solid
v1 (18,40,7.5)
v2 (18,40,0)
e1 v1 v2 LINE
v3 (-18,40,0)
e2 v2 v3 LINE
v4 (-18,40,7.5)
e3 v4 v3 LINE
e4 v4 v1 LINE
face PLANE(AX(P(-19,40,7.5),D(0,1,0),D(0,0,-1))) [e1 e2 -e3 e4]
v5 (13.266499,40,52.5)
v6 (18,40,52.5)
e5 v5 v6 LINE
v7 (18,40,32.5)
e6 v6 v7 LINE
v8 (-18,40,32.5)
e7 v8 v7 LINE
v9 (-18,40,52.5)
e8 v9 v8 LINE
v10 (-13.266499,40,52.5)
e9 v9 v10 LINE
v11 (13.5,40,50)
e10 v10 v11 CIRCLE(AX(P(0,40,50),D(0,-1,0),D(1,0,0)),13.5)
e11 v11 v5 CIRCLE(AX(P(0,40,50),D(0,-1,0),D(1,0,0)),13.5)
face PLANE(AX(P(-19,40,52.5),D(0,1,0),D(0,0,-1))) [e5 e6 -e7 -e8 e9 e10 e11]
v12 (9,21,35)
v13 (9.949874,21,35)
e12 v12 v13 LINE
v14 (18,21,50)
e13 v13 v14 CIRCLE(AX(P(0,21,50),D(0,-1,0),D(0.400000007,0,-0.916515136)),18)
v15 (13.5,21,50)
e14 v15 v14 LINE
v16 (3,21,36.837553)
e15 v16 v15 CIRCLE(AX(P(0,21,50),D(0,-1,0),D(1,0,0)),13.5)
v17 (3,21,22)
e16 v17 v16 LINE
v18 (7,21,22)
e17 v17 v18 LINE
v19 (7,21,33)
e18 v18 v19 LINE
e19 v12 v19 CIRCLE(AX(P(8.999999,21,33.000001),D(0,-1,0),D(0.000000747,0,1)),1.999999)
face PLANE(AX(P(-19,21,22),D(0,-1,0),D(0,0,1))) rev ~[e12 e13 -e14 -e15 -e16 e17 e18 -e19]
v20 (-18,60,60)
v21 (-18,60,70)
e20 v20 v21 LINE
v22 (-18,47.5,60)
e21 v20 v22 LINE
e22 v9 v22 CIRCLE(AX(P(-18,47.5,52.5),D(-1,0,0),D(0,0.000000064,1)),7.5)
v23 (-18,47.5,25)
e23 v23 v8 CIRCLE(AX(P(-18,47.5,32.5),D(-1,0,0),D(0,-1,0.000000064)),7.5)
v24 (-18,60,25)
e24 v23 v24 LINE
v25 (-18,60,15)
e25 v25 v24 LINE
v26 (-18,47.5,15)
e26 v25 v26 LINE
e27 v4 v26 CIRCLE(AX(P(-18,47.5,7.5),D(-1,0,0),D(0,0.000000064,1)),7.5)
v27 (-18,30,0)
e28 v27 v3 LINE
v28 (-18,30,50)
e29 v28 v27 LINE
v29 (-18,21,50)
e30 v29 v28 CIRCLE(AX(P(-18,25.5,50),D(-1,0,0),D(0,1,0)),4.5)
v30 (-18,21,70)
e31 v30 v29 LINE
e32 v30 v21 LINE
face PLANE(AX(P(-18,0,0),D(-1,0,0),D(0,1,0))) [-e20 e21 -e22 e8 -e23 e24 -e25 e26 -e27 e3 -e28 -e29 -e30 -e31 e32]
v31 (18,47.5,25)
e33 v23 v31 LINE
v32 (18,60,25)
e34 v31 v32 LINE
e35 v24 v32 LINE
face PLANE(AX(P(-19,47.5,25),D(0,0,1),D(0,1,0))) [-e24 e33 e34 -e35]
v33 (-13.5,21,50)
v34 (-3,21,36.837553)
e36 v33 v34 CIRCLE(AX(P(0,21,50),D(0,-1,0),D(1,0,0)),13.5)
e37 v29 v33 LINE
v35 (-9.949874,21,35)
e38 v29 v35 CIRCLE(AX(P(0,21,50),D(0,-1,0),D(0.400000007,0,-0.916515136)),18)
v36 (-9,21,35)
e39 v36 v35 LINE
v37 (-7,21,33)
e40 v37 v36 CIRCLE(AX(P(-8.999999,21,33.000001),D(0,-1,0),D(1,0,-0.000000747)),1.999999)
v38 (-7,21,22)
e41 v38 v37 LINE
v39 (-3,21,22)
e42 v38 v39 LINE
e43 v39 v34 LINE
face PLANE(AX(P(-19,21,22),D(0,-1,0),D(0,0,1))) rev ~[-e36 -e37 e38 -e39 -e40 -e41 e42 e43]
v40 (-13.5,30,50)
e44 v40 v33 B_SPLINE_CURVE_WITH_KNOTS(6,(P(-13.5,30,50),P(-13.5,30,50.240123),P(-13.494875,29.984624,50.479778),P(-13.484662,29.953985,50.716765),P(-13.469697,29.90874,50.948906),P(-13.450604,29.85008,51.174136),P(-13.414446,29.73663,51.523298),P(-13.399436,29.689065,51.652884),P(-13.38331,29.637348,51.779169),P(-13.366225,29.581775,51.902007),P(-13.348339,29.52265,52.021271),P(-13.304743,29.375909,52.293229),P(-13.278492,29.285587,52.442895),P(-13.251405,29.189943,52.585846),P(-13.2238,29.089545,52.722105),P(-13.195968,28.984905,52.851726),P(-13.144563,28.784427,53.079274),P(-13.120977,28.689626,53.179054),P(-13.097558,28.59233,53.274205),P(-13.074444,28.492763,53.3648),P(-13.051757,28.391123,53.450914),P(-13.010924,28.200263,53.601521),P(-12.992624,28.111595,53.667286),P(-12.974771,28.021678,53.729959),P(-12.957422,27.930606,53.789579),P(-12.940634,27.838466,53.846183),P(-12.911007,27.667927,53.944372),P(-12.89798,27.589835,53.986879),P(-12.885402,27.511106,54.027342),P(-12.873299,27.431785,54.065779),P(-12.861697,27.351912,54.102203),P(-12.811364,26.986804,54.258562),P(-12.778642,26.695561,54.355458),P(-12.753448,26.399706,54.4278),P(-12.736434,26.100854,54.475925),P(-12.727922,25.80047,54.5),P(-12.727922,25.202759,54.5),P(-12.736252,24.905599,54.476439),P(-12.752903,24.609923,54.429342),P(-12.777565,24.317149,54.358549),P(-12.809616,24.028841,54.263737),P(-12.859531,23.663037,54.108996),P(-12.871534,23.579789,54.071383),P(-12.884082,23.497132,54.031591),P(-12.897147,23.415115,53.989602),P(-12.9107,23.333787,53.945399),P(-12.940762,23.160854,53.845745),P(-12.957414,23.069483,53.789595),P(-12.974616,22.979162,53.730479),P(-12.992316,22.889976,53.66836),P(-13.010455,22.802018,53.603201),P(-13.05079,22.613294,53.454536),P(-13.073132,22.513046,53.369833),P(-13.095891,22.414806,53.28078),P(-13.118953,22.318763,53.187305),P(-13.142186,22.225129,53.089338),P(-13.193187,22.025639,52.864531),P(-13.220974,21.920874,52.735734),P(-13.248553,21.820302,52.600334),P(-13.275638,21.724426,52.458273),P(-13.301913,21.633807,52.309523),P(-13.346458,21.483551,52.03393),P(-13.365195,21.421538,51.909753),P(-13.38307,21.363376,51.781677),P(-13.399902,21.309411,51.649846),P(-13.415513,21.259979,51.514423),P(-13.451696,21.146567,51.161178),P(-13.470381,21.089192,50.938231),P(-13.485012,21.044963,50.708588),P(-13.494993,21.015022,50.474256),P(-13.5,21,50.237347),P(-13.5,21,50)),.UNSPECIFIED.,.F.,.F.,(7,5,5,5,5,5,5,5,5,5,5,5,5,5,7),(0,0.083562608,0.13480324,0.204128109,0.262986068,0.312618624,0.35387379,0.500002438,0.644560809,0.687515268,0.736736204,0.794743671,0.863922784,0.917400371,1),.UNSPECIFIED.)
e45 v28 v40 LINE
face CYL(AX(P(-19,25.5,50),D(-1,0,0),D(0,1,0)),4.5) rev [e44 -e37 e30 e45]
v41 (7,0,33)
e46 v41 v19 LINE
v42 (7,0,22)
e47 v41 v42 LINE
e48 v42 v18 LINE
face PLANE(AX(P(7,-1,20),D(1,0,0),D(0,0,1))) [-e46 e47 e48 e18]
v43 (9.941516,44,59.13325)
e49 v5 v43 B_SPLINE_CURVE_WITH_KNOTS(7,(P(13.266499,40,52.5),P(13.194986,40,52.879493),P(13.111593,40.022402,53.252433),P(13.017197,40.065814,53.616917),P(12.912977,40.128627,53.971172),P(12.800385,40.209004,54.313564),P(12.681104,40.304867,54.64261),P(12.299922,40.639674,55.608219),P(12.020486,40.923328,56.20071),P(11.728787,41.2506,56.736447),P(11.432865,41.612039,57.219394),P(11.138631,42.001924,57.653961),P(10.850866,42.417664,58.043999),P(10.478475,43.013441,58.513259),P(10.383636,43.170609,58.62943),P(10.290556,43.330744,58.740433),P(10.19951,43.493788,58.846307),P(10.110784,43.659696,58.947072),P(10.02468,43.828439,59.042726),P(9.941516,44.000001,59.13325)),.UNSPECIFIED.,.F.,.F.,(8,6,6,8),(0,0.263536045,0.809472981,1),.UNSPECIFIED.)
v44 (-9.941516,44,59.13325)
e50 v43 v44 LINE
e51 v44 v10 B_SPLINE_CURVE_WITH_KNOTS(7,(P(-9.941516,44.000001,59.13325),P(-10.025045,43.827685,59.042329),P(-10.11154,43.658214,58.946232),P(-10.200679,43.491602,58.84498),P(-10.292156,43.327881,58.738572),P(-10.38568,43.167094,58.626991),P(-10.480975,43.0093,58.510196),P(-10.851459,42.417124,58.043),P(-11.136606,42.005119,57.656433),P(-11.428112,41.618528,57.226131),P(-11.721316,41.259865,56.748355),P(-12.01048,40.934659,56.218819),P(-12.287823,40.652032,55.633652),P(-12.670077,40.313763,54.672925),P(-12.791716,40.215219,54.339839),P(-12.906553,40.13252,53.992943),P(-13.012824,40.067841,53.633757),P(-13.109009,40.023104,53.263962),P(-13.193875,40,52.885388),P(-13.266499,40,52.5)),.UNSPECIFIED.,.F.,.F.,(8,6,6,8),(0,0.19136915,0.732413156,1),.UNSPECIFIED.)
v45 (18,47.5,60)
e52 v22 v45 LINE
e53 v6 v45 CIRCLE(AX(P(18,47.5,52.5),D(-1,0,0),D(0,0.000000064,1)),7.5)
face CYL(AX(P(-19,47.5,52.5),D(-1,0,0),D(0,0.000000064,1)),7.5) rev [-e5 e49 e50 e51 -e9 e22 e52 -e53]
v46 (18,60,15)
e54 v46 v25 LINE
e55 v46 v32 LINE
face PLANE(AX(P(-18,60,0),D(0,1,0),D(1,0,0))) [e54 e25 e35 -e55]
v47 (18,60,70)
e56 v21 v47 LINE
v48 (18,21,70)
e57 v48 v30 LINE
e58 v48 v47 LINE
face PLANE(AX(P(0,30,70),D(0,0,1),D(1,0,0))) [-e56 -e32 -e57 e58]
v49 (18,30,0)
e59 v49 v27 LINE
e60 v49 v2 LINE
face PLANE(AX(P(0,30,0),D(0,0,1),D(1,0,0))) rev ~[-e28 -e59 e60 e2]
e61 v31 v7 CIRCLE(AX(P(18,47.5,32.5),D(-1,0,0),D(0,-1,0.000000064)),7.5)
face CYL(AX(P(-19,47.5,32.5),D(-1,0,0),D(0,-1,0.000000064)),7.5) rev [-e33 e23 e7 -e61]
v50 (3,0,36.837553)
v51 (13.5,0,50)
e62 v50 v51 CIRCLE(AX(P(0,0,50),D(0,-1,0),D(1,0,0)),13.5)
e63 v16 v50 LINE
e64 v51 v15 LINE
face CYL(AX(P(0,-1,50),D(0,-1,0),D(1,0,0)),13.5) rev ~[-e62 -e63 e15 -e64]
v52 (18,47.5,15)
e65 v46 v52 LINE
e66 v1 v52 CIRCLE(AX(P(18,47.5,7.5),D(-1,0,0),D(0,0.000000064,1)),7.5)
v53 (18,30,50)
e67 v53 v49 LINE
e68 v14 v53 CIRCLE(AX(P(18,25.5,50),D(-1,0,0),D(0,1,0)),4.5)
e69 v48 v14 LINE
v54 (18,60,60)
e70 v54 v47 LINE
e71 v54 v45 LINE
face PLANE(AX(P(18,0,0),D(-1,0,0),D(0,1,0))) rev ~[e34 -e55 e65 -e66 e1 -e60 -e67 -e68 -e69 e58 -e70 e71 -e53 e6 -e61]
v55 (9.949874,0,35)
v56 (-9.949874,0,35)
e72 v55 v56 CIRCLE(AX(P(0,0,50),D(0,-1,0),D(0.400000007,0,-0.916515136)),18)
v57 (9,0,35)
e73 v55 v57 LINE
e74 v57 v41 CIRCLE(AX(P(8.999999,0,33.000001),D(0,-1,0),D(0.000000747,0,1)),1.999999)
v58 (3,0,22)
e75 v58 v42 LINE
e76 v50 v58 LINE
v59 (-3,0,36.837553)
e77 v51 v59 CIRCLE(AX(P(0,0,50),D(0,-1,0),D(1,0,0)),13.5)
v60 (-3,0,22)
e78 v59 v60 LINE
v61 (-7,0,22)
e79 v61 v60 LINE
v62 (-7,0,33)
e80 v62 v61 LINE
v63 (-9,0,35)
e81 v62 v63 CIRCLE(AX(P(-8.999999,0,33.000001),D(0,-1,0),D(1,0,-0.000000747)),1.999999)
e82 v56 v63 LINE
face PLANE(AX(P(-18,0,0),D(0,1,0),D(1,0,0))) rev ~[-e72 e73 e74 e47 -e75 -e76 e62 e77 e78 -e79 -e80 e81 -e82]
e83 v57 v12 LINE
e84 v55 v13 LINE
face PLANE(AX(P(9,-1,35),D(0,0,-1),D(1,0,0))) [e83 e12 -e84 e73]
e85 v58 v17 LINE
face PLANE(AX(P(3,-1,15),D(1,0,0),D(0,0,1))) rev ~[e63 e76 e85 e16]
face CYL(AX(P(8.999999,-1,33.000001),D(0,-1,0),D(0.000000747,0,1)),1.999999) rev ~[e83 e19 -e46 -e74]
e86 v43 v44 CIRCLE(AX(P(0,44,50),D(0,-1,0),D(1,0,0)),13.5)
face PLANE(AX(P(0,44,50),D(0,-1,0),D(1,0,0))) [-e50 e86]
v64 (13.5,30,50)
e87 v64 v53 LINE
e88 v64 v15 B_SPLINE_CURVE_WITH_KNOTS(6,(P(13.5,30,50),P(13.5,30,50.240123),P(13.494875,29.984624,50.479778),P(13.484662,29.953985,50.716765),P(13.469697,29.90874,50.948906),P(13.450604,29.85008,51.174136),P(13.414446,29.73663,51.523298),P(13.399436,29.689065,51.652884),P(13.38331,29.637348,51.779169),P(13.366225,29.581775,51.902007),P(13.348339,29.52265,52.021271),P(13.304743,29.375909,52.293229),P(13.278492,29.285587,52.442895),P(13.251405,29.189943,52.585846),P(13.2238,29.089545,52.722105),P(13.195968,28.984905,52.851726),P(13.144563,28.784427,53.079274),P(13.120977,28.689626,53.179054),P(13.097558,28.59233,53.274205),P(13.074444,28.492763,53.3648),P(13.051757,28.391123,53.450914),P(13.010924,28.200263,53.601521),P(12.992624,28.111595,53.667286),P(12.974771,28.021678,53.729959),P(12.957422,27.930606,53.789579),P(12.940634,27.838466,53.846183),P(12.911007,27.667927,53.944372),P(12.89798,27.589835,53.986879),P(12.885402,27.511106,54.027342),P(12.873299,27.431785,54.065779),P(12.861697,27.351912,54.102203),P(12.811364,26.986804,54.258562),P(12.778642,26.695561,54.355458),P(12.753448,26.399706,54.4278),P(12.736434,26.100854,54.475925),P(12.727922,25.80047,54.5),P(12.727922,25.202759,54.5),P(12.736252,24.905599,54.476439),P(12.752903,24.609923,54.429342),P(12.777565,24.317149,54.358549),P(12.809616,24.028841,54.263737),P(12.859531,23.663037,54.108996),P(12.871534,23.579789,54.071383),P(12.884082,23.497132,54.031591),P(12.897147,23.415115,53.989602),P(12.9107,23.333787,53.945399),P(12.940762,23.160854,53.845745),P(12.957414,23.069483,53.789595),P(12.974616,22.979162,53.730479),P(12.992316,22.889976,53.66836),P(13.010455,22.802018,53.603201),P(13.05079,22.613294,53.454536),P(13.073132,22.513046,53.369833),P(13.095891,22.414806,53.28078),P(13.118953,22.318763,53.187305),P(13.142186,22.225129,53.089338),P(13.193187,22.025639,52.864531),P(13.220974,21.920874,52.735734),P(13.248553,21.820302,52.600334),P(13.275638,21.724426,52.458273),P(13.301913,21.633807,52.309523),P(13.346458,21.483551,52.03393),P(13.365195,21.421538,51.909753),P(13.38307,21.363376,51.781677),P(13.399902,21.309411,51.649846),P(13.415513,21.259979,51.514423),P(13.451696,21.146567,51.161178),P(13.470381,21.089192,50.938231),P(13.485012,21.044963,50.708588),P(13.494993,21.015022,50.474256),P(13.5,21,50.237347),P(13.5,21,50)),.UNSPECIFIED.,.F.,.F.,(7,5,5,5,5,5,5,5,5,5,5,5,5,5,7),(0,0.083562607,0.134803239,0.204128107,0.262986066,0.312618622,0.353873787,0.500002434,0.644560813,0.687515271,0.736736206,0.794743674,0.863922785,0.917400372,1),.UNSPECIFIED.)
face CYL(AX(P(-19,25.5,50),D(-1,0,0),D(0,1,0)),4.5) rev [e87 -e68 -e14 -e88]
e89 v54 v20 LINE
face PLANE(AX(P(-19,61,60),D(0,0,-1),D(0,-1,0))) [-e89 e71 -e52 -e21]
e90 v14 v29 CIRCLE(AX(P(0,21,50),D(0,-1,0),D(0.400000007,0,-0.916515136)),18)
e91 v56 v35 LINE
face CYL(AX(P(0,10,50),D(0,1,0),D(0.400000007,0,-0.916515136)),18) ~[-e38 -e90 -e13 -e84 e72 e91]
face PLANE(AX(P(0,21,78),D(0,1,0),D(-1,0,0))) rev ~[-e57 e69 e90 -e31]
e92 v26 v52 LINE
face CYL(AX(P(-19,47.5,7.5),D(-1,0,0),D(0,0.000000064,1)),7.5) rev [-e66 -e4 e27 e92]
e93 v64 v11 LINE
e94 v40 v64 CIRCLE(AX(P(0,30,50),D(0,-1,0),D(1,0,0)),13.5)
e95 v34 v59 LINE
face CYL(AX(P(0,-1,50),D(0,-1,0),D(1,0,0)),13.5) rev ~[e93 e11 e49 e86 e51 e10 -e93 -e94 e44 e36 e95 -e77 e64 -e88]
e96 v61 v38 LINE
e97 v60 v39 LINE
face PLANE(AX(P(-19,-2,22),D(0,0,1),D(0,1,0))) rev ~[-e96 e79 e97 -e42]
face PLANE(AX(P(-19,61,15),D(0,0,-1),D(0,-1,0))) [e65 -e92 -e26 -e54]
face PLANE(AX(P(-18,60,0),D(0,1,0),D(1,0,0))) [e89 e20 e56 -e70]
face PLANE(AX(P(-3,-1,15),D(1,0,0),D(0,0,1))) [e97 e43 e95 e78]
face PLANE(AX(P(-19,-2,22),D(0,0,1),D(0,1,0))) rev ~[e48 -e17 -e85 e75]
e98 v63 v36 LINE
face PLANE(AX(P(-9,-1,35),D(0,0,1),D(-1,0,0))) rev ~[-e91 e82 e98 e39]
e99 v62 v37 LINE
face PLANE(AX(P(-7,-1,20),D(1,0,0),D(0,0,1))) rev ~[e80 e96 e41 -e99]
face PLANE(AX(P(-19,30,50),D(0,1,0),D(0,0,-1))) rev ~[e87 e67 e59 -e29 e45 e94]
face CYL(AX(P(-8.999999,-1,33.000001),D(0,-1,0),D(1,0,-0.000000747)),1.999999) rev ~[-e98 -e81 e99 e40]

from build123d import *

# Parameters (mm, degrees)
SKETCH017_AS_DRAWN_W                 = 6
SKETCH017_AS_DRAWN_H                 = 25
EXTRUDE002_DEPTH                     = 30
EXTRUDE002_ONTO_SKETCH017_ROLL_ANGLE = 90
SKETCH016_AS_DRAWN_R                 = 13.5
EXTRUDE001_DEPTH                     = 45
EXTRUDE001_ONTO_SKETCH016_ROLL_ANGLE = 90
EXTRUDE_DEPTH                        = 38
SKETCH014_W                          = 22
SKETCH014_H                          = 20
BOX_W                                = 36
BOX_H                                = 60
BOX_DEPTH                            = 70


with BuildPart() as arc_ext:
    # Sketch017 as drawn → Extrude002 (new)
    with BuildSketch(Plane.XY):
        with BuildLine():
            Line((9, 35), (20, 35))
            Line((20, 35), (20, 20))
            Line((20, 20), (7, 20))
            Line((7, 20), (7, 33))
            ThreePointArc((9, 35), (7.585786, 34.414214), (7, 33))
        make_face()
        with BuildLine():
            Line((-9, 35), (-20, 35))
            Line((-20, 35), (-20, 20))
            Line((-20, 20), (-7, 20))
            Line((-7, 20), (-7, 33))
            ThreePointArc((-7, 33), (-7.585786, 34.414214), (-9, 35))
        make_face()
        with Locations((0, 27.5)):
            Rectangle(SKETCH017_AS_DRAWN_W, SKETCH017_AS_DRAWN_H)
    extrude(amount=-EXTRUDE002_DEPTH)


with BuildPart() as arc_ext_1:
    # Extrude002 onto Sketch017 roll: moved
    add(arc_ext.part.rotate(Axis((0, 0, 0), (1, 0, 0)), EXTRUDE002_ONTO_SKETCH017_ROLL_ANGLE))


with BuildPart() as arc_ext_2:
    # Extrude002 onto Sketch017 placement: moved
    add(arc_ext_1.part)


with BuildPart() as arc_ext_3:
    # Extrude002 placement: moved
    add(arc_ext_2.part.moved(Location((0, -1, 0))))


with BuildPart() as fusion:
    # Sketch016 as drawn → Extrude001 (new)
    with BuildSketch(Plane.XY):
        with Locations((0, 50)):
            Circle(SKETCH016_AS_DRAWN_R)
    extrude(amount=-EXTRUDE001_DEPTH)


with BuildPart() as fusion_1:
    # Extrude001 onto Sketch016 roll: moved
    add(fusion.part.rotate(Axis((0, 0, 0), (1, 0, 0)), EXTRUDE001_ONTO_SKETCH016_ROLL_ANGLE))


with BuildPart() as fusion_2:
    # Extrude001 onto Sketch016 placement: moved
    add(fusion_1.part)


with BuildPart() as fusion_3:
    # Extrude001 placement: moved
    add(fusion_2.part.moved(Location((0, -1, 0))))

    # Fusion: union arc-ext
    add(arc_ext_3.part)


with BuildPart() as extrude_body:
    # Sketch → Extrude (new body)
    with BuildSketch(Plane.YZ):
        with BuildLine():
            Line((61, 60), (47.5, 60))
            ThreePointArc((47.5, 60), (42.196699, 57.803301), (40, 52.5))
            Line((40, 52.5), (40, 32.5))
            ThreePointArc((40, 32.5), (42.196699, 27.196699), (47.5, 25))
            Line((47.5, 25), (61, 25))
            Line((61, 25), (61, 60))
        make_face()
        with BuildLine():
            Line((61, 15), (47.5, 15))
            ThreePointArc((47.5, 15), (42.196699, 12.803301), (40, 7.5))
            Line((40, 7.5), (40, -2))
            Line((40, -2), (61, -2))
            Line((61, -2), (61, 15))
        make_face()
        with BuildLine():
            Line((30, 50), (30, -2))
            Line((30, -2), (-2, -2))
            Line((-2, -2), (-2, 22))
            Line((-2, 22), (21, 22))
            Line((21, 22), (21, 50))
            ThreePointArc((30, 50), (25.5, 54.5), (21, 50))
        make_face()
    extrude(amount=EXTRUDE_DEPTH)


with BuildPart() as extrude_body_1:
    # Extrude placement: moved
    add(extrude_body.part.moved(Location((-19, 0, 0))))


with BuildPart() as sweep_body:
    # Sweep: sweep along a path in Sketch015
    with BuildLine(Plane.XZ) as sweep_path:
        ThreePointArc((4, 40.834849), (0, 60), (-4, 40.834849))
    # Sketch014 → Sweep (sweep)
    with BuildSketch(Plane(origin=(0, -1, 0), x_dir=(0, 1, 0), z_dir=(1, 0, 0))):
        with Locations((11, 78)):
            Rectangle(SKETCH014_W, SKETCH014_H)
    sweep(path=sweep_path.line)


with BuildPart() as cut002:
    # Box → Box (new body)
    with BuildSketch(Plane(origin=(-18, 0, 0), x_dir=(1, 0, 0), z_dir=(0, 0, 1))):
        with Locations((18, 30)):
            Rectangle(BOX_W, BOX_H)
    extrude(amount=BOX_DEPTH)

    # Cut: cut Sweep body
    add(sweep_body.part, mode=Mode.SUBTRACT)

    # Cut001: cut Extrude body
    add(extrude_body_1.part, mode=Mode.SUBTRACT)

    # Cut002: cut Fusion
    add(fusion_3.part, mode=Mode.SUBTRACT)


solid = cut002.part
